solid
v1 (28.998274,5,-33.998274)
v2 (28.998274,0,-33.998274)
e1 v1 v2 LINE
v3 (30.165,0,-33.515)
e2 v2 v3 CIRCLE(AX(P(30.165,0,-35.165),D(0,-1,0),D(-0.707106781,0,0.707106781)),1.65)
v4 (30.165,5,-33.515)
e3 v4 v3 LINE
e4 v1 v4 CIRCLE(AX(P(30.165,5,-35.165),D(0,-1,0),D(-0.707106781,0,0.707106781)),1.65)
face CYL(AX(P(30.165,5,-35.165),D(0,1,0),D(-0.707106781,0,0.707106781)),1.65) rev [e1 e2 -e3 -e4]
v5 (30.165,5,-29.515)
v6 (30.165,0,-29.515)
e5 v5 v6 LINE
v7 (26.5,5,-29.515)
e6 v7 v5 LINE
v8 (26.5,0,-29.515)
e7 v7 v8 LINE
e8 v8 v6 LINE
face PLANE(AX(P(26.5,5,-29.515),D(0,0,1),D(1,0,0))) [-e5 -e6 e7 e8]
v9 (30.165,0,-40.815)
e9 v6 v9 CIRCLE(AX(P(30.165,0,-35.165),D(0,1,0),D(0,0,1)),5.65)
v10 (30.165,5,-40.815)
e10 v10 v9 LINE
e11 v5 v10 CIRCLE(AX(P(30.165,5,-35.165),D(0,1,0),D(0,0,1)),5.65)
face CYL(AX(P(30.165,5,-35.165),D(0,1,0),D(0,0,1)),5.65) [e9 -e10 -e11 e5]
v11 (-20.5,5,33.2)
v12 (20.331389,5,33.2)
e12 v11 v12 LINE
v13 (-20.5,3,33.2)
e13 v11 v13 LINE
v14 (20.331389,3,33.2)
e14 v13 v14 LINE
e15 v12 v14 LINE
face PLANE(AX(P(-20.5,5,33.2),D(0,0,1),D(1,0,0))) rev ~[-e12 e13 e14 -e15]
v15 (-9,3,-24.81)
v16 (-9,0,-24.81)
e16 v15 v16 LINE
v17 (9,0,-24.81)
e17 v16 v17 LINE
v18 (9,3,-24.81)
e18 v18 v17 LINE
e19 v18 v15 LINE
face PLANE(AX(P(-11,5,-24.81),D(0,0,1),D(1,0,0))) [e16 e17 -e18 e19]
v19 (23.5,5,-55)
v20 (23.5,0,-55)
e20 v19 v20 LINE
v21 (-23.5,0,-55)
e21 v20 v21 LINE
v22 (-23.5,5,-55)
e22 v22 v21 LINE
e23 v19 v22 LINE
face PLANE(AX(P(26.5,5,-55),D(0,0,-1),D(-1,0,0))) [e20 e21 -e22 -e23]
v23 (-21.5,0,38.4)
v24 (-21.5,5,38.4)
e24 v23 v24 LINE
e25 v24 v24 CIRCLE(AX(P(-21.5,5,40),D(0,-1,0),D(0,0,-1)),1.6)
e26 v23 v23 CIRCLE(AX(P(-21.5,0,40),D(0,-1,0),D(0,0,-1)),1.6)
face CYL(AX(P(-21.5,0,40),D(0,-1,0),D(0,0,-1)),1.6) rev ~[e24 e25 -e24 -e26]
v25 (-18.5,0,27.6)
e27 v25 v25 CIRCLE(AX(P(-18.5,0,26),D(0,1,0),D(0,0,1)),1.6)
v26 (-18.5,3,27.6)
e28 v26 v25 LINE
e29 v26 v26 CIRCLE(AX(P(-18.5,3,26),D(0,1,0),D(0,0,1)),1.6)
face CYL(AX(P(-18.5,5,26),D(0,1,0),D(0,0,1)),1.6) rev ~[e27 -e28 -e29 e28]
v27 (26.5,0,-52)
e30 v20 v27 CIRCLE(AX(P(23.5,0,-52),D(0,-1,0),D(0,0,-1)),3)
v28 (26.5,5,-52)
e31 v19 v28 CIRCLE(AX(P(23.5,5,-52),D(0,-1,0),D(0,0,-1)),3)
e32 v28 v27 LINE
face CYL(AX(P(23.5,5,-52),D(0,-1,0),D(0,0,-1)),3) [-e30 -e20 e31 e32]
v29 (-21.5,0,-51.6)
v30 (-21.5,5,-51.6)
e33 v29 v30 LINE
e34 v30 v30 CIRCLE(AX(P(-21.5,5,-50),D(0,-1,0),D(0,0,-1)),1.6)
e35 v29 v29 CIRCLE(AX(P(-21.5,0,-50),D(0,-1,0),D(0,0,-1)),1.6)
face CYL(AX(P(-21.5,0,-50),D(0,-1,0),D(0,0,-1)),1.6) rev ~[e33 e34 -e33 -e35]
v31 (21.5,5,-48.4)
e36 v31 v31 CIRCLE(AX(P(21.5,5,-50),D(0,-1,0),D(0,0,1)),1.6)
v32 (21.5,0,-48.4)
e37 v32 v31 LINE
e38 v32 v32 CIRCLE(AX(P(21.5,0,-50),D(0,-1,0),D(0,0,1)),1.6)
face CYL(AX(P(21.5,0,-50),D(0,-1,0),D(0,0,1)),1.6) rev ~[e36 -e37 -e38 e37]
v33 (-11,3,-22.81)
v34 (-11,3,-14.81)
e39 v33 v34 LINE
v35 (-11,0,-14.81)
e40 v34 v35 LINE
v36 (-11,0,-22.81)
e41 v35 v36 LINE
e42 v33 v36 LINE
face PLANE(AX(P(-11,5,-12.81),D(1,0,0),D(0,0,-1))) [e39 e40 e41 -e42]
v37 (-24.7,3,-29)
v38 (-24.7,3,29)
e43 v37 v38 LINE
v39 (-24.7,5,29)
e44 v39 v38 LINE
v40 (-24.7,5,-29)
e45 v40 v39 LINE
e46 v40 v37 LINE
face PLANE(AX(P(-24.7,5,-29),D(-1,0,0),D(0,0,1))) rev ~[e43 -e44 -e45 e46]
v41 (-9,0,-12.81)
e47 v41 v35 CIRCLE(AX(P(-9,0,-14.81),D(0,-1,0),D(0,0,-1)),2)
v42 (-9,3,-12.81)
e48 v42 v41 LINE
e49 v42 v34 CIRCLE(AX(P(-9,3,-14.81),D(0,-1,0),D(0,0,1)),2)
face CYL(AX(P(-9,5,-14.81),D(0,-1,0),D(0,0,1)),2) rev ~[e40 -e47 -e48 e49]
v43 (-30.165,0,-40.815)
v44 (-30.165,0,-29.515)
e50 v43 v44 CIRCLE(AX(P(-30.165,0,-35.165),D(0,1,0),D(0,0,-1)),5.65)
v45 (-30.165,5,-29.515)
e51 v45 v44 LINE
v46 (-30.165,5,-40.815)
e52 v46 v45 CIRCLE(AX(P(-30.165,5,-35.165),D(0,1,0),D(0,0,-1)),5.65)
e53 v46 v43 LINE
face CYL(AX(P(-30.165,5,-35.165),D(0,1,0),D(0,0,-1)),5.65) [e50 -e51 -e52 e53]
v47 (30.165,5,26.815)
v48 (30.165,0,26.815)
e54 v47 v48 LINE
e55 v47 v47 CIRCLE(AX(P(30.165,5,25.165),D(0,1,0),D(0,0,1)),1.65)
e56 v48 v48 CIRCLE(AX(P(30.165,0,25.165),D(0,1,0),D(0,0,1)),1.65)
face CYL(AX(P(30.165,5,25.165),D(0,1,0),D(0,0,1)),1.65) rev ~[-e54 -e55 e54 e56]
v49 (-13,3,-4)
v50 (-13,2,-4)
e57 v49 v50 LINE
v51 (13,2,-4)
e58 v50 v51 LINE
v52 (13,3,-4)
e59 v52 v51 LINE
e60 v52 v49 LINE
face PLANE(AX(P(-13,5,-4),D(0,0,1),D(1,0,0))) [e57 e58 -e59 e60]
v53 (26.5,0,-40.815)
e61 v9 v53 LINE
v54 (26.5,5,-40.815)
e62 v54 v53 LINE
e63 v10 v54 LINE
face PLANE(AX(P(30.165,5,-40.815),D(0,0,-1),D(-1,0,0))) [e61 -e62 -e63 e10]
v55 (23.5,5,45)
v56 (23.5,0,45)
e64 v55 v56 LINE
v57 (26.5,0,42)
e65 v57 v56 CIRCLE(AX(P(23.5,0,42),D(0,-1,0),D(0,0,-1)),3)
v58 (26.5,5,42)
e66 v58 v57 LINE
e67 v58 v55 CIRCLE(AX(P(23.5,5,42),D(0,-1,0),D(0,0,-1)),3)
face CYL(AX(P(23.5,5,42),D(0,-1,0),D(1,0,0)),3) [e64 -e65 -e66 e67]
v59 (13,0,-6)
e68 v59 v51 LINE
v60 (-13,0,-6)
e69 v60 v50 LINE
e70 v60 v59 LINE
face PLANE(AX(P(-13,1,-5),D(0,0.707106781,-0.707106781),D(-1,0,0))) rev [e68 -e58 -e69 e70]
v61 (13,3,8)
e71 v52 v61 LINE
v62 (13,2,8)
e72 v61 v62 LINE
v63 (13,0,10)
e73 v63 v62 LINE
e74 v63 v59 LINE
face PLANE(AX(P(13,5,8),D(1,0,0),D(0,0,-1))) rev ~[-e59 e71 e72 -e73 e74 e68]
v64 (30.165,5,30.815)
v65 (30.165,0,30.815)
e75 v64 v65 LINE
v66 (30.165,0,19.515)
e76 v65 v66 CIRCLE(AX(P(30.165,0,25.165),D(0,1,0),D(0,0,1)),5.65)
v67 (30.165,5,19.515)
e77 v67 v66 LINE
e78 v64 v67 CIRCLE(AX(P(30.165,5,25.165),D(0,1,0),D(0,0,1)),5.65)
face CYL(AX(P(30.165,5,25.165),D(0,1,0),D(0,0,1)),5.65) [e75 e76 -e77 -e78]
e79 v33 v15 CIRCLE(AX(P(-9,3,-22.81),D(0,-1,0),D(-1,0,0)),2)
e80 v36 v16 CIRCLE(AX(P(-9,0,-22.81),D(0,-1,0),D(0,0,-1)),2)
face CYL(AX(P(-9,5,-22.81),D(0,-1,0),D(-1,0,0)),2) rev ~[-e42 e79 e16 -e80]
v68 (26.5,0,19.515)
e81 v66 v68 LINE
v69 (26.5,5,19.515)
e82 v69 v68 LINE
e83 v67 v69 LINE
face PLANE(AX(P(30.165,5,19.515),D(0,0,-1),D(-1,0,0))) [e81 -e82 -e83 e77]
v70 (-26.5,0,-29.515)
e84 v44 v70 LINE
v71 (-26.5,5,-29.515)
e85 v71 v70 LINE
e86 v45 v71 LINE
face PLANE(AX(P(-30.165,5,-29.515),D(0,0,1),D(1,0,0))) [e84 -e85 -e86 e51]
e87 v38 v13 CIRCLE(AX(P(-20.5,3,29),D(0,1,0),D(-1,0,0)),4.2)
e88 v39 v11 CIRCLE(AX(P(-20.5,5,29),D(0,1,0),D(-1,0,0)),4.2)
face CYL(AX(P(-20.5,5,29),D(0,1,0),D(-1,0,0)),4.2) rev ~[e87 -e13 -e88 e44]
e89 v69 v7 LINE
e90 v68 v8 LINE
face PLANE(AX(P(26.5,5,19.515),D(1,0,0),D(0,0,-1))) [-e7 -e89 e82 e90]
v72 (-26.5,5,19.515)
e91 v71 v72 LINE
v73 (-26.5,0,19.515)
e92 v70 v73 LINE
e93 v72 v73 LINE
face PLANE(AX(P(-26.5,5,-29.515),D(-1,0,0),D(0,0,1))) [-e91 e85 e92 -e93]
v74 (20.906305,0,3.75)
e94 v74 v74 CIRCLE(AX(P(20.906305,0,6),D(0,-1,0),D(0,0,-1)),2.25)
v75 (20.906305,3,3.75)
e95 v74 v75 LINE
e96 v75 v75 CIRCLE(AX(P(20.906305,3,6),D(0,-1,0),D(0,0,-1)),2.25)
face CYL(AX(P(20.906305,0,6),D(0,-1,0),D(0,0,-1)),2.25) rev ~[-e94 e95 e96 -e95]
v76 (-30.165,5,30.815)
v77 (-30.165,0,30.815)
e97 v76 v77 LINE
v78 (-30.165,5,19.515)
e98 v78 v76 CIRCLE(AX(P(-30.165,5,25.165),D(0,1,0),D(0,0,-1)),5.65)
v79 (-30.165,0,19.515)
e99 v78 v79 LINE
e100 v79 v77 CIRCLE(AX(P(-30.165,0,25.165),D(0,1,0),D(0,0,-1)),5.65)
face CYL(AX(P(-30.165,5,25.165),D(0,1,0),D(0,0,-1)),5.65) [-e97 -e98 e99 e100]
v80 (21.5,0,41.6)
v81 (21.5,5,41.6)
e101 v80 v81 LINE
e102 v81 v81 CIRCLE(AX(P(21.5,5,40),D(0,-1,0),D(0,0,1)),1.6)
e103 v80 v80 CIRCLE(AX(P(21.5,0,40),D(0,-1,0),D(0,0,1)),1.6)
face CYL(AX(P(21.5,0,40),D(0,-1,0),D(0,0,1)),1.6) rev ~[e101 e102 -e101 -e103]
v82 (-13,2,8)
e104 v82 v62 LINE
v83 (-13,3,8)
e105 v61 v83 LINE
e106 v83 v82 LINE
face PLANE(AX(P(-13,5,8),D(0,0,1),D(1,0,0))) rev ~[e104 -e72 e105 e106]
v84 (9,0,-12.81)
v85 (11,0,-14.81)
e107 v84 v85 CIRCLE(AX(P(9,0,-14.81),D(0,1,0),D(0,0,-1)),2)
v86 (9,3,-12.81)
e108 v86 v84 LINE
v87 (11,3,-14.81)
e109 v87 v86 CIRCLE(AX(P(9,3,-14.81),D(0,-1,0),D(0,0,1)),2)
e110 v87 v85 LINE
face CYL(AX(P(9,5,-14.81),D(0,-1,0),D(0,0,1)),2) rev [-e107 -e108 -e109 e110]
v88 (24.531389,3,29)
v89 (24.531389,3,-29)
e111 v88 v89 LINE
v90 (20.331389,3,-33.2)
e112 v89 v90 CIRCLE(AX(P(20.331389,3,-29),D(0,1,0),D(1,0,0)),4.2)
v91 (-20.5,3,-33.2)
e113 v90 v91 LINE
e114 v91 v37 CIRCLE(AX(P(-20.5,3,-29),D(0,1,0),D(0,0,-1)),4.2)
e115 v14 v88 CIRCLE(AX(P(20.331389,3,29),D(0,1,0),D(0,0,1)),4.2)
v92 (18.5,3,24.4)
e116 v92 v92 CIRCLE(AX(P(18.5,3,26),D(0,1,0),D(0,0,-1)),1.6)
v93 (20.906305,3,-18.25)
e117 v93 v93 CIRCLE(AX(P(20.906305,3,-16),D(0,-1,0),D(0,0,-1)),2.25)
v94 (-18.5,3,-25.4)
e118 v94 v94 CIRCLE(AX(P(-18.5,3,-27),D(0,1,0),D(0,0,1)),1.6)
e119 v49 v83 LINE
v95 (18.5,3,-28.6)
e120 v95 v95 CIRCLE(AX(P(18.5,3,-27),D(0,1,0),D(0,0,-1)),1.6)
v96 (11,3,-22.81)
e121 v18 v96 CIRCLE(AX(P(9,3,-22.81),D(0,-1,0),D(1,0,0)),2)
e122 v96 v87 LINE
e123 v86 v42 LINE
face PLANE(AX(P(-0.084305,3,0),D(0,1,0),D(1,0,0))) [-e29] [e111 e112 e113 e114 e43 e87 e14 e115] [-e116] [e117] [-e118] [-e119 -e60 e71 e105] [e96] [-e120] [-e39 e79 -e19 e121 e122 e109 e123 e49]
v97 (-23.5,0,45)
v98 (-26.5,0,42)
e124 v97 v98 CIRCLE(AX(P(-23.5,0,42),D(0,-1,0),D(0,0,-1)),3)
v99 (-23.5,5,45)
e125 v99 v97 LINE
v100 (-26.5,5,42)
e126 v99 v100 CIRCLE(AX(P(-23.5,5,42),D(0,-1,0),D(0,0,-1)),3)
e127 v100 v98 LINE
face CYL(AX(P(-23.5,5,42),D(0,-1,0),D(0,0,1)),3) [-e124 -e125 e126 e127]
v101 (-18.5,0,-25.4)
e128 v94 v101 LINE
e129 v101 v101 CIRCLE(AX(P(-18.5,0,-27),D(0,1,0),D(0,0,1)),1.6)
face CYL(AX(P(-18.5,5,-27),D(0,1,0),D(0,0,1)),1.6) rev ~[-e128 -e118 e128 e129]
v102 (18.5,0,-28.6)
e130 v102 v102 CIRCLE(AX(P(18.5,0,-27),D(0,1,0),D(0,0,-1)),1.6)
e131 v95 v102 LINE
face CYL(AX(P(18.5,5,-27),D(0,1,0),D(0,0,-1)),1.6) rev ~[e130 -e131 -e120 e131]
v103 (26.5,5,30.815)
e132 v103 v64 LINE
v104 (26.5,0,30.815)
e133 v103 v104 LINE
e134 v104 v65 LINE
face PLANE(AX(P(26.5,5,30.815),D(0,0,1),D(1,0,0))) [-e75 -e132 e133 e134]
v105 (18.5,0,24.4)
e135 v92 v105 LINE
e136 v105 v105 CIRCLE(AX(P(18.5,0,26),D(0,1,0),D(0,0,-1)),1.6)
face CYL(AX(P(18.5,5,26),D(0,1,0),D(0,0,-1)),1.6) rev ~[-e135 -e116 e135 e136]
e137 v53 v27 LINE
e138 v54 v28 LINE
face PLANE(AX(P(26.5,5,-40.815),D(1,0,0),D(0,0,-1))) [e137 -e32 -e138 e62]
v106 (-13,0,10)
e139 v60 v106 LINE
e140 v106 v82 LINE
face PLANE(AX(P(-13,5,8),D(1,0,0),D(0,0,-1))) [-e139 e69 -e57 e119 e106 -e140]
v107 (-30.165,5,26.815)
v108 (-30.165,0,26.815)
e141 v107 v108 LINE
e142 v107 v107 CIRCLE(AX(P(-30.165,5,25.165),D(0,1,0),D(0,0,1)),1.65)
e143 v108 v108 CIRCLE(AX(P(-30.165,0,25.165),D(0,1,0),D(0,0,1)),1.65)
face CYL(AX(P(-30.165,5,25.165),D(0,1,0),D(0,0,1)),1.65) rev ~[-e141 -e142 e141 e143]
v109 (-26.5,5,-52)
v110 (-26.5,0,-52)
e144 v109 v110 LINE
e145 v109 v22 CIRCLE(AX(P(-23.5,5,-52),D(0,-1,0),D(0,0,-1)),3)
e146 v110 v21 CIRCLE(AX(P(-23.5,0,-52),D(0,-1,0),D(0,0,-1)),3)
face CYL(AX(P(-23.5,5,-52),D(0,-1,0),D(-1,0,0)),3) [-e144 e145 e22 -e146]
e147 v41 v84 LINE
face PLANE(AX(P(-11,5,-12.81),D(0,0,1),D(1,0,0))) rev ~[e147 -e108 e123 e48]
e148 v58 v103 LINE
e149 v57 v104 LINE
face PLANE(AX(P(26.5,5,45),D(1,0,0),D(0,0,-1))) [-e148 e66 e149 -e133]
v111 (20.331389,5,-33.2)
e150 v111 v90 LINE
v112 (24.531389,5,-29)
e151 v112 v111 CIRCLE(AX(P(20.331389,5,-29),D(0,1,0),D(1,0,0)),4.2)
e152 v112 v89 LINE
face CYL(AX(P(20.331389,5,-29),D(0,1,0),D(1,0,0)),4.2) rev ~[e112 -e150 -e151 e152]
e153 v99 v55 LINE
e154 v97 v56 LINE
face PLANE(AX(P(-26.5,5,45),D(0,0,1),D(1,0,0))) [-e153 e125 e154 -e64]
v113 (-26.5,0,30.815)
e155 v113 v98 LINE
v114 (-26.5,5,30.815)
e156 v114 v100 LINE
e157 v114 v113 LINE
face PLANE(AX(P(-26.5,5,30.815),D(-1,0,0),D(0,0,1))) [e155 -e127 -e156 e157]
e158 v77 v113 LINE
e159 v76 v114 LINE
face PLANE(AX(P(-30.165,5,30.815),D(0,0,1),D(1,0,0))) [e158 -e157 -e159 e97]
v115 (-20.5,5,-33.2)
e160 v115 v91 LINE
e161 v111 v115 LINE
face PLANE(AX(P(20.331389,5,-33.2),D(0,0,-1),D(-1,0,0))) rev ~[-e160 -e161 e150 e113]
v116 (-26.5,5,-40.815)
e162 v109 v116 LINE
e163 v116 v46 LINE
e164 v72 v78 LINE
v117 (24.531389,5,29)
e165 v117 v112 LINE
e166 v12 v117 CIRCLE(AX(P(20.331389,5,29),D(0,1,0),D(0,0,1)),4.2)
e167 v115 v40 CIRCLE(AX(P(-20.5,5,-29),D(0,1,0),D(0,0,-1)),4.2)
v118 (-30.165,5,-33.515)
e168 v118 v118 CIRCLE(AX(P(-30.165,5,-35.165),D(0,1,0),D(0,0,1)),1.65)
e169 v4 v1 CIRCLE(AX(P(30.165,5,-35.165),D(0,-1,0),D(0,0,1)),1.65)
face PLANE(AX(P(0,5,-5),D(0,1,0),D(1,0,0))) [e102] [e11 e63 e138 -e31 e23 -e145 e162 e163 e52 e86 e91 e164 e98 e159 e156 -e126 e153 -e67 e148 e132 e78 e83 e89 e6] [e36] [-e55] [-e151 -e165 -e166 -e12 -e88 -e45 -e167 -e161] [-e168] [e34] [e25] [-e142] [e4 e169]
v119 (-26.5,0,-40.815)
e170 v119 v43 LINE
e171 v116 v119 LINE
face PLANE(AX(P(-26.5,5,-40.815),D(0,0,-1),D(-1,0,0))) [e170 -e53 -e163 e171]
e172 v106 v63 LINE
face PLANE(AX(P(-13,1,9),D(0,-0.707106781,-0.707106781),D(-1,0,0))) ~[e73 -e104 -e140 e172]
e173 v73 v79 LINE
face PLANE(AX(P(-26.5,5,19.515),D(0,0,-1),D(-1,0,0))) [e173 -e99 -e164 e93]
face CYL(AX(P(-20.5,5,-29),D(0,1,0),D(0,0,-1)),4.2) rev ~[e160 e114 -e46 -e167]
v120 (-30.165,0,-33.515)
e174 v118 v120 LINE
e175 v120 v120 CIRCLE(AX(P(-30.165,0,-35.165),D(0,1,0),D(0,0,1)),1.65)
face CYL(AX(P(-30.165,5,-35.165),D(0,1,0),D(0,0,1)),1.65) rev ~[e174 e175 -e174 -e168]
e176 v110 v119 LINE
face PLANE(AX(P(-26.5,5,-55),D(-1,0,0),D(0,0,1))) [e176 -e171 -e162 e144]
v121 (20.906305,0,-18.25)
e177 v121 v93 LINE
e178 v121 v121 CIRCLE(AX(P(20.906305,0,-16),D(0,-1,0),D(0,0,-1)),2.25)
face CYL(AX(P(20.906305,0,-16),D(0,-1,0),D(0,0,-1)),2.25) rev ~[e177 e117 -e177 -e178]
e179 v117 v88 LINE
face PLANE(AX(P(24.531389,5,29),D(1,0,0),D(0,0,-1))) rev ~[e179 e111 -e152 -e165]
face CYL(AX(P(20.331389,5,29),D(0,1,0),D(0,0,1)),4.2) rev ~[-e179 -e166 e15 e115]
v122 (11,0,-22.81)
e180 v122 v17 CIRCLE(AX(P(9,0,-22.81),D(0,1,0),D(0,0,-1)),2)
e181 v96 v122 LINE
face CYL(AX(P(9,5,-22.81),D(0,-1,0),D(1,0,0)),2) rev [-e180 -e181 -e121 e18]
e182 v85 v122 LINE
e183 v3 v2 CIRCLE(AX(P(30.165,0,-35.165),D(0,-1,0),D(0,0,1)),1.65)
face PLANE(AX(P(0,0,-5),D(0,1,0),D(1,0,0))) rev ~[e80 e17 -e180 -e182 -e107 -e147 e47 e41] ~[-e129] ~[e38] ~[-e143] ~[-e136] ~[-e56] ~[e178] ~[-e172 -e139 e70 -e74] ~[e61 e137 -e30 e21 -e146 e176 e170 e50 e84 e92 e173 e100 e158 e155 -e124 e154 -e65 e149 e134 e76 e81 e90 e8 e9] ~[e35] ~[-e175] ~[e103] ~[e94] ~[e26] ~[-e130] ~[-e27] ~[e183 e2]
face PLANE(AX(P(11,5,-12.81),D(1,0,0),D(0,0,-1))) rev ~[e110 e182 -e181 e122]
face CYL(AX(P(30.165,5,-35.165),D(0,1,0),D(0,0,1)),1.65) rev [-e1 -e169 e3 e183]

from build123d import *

# Parameters (mm, degrees)
SKETCH1_W           = 47
SKETCH1_H           = 64
BOSS_EXTRUDE1_DEPTH = 5
SKETCH2_W           = 22
SKETCH2_H           = 12
SKETCH2_W_2         = 26
CUT_EXTRUDE1_DEPTH  = 5
SKETCH3_R           = 1.6
CUT_EXTRUDE2_DEPTH  = 63
FILLET1_R           = 2
FILLET2_R           = 3
SKETCH5_R           = 1.65
BOSS_EXTRUDE3_DEPTH = 5
CUT_EXTRUDE5_DEPTH  = 2
SKETCH7_R           = 1.6
CUT_EXTRUDE7_DEPTH  = 66.823356227
CHAMFER4_SIZE       = 2
FILLET3_R           = 3
SKETCH8_R           = 2.25
CUT_EXTRUDE8_DEPTH  = 66.823356227


with BuildPart() as part:
    # Sketch1 → Boss-Extrude1 (new body)
    with BuildSketch(Plane(origin=(0, 0, 0), x_dir=(1, 0, 0), z_dir=(0, 1, 0))):
        Rectangle(SKETCH1_W, SKETCH1_H)
    extrude(amount=BOSS_EXTRUDE1_DEPTH)

    # Sketch2 → Cut-Extrude1 (cut)
    with BuildSketch(Plane(origin=(0, 5, 0), x_dir=(1, 0, 0), z_dir=(0, 1, 0))):
        with Locations((0, 18.81)):
            Rectangle(SKETCH2_W, SKETCH2_H)
        with Locations((0, -2)):
            Rectangle(SKETCH2_W_2, SKETCH2_H)
    extrude(amount=-CUT_EXTRUDE1_DEPTH, mode=Mode.SUBTRACT)

    # Sketch3 → Cut-Extrude2 (cut)
    with BuildSketch(Plane(origin=(0, 5, 0), x_dir=(1, 0, 0), z_dir=(0, 1, 0))):
        with Locations(Location((-18.5, 27, 0), (0, 0, 270))):
            Circle(SKETCH3_R)
        with Locations(Location((18.5, 27, 0), (0, 0, 90))):
            Circle(SKETCH3_R)
        with Locations(Location((-18.5, -26, 0), (0, 0, 270))):
            Circle(SKETCH3_R)
        with Locations(Location((18.5, -26, 0), (0, 0, 90))):
            Circle(SKETCH3_R)
    extrude(amount=-CUT_EXTRUDE2_DEPTH, mode=Mode.SUBTRACT)

    # Fillet1
    fillet1_edges = [part.edges().sort_by_distance(p)[0] for p in [
        (11, 2.5, -12.81),
        (-11, 2.5, -12.81),
        (-11, 2.5, -24.81),
        (11, 2.5, -24.81),
    ]]
    fillet(fillet1_edges, radius=FILLET1_R)

    # Fillet2
    fillet2_edges = [part.edges().sort_by_distance(p)[0] for p in [
        (23.5, 2.5, -32),
        (23.5, 2.5, 32),
        (-23.5, 2.5, 32),
        (-23.5, 2.5, -32),
    ]]
    fillet(fillet2_edges, radius=FILLET2_R)

    # Sketch5 → Boss-Extrude3 (add)
    with BuildSketch(Plane(origin=(0, 5, 0), x_dir=(1, 0, 0), z_dir=(0, 1, 0))):
        with BuildLine():
            ThreePointArc((-30.165, 40.815), (-35.815, 35.165), (-30.165, 29.515))
            Line((-30.165, 29.515), (-26.5, 29.515))
            Line((-26.5, 29.515), (-26.5, -19.515))
            Line((-26.5, -19.515), (-30.165, -19.515))
            ThreePointArc((-30.165, -19.515), (-35.815, -25.165), (-30.165, -30.815))
            Line((-30.165, -30.815), (-26.5, -30.815))
            Line((-26.5, -30.815), (-26.5, -45))
            Line((-26.5, -45), (26.5, -45))
            Line((26.5, -45), (26.5, -30.815))
            Line((26.5, -30.815), (30.165, -30.815))
            ThreePointArc((30.165, -30.815), (35.815, -25.165), (30.165, -19.515))
            Line((30.165, -19.515), (26.5, -19.515))
            Line((26.5, -19.515), (26.5, 29.515))
            Line((26.5, 29.515), (30.165, 29.515))
            ThreePointArc((30.165, 29.515), (35.815, 35.165), (30.165, 40.815))
            Line((30.165, 40.815), (26.5, 40.815))
            Line((26.5, 40.815), (26.5, 55))
            Line((26.5, 55), (-26.5, 55))
            Line((-26.5, 55), (-26.5, 40.815))
            Line((-26.5, 40.815), (-30.165, 40.815))
        make_face()
        with Locations(Location((-30.165, -25.165, 0), (0, 0, 270))):
            Circle(SKETCH5_R, mode=Mode.SUBTRACT)
        with BuildLine():
            ThreePointArc((-20.5, -32), (-22.621320344, -31.121320344), (-23.5, -29))
            Line((-23.5, -29), (-23.5, 29))
            ThreePointArc((-23.5, 29), (-22.621320344, 31.121320344), (-20.5, 32))
            Line((-20.5, 32), (20.5, 32))
            ThreePointArc((20.5, 32), (22.621320344, 31.121320344), (23.5, 29))
            Line((23.5, 29), (23.5, -25.165))
            Line((23.5, -25.165), (23.5, -29))
            ThreePointArc((23.5, -29), (22.621320344, -31.121320344), (20.5, -32))
            Line((20.5, -32), (-20.5, -32))
        make_face(mode=Mode.SUBTRACT)
        with Locations(Location((30.165, -25.165, 0), (0, 0, 270))):
            Circle(SKETCH5_R, mode=Mode.SUBTRACT)
        with Locations(Location((-30.165, 35.165, 0), (0, 0, 270))):
            Circle(SKETCH5_R, mode=Mode.SUBTRACT)
        with BuildLine():
            ThreePointArc((28.998273811, 33.998273811), (30.796427663, 36.689401229), (30.165, 33.515))
            ThreePointArc((30.165, 33.515), (29.533572337, 33.640598771), (28.998273811, 33.998273811))
        make_face(mode=Mode.SUBTRACT)
    extrude(amount=-BOSS_EXTRUDE3_DEPTH)

    # Sketch6 → Cut-Extrude5 (cut)
    with BuildSketch(Plane(origin=(0, 5, 0), x_dir=(1, 0, 0), z_dir=(0, 1, 0))):
        with BuildLine():
            Line((-24.7, 29), (-24.7, -29))
            ThreePointArc((-24.7, -29), (-23.469848481, -31.969848481), (-20.5, -33.2))
            Line((-20.5, -33.2), (20.331389121, -33.2))
            ThreePointArc((20.331389121, -33.2), (23.301237602, -31.969848481), (24.531389121, -29))
            Line((24.531389121, -29), (24.531389121, 29))
            ThreePointArc((24.531389121, 29), (23.301237602, 31.969848481), (20.331389121, 33.2))
            Line((20.331389121, 33.2), (-20.5, 33.2))
            ThreePointArc((-20.5, 33.2), (-23.469848481, 31.969848481), (-24.7, 29))
        make_face()
    extrude(amount=-CUT_EXTRUDE5_DEPTH, mode=Mode.SUBTRACT)

    # Sketch7 → Cut-Extrude7 (cut, through all)
    with BuildSketch(Plane.XZ):
        with Locations(Location((-21.5, 40, 0), (0, 0, 270))):
            Circle(SKETCH7_R)
        with Locations(Location((21.5, 40, 0), (0, 0, 90))):
            Circle(SKETCH7_R)
        with Locations(Location((-21.5, -50, 0), (0, 0, 270))):
            Circle(SKETCH7_R)
        with Locations(Location((21.5, -50, 0), (0, 0, 90))):
            Circle(SKETCH7_R)
    extrude(amount=-CUT_EXTRUDE7_DEPTH, mode=Mode.SUBTRACT)

    # Chamfer4
    chamfer4_edges = [part.edges().sort_by_distance(p)[0] for p in [
        (0, 0, -4),
        (0, 0, 8),
    ]]
    chamfer(chamfer4_edges, length=CHAMFER4_SIZE)

    # Fillet3
    fillet3_edges = [part.edges().sort_by_distance(p)[0] for p in [
        (26.5, 2.5, -55),
        (-26.5, 2.5, -55),
        (-26.5, 2.5, 45),
        (26.5, 2.5, 45),
    ]]
    fillet(fillet3_edges, radius=FILLET3_R)

    # Sketch8 → Cut-Extrude8 (cut, through all)
    with BuildSketch(Plane.XZ):
        with Locations(Location((20.90630532, -16, 0), (0, 0, 270))):
            Circle(SKETCH8_R)
        with Locations(Location((20.90630532, 6, 0), (0, 0, 270))):
            Circle(SKETCH8_R)
    extrude(amount=-CUT_EXTRUDE8_DEPTH, mode=Mode.SUBTRACT)


solid = part.part
